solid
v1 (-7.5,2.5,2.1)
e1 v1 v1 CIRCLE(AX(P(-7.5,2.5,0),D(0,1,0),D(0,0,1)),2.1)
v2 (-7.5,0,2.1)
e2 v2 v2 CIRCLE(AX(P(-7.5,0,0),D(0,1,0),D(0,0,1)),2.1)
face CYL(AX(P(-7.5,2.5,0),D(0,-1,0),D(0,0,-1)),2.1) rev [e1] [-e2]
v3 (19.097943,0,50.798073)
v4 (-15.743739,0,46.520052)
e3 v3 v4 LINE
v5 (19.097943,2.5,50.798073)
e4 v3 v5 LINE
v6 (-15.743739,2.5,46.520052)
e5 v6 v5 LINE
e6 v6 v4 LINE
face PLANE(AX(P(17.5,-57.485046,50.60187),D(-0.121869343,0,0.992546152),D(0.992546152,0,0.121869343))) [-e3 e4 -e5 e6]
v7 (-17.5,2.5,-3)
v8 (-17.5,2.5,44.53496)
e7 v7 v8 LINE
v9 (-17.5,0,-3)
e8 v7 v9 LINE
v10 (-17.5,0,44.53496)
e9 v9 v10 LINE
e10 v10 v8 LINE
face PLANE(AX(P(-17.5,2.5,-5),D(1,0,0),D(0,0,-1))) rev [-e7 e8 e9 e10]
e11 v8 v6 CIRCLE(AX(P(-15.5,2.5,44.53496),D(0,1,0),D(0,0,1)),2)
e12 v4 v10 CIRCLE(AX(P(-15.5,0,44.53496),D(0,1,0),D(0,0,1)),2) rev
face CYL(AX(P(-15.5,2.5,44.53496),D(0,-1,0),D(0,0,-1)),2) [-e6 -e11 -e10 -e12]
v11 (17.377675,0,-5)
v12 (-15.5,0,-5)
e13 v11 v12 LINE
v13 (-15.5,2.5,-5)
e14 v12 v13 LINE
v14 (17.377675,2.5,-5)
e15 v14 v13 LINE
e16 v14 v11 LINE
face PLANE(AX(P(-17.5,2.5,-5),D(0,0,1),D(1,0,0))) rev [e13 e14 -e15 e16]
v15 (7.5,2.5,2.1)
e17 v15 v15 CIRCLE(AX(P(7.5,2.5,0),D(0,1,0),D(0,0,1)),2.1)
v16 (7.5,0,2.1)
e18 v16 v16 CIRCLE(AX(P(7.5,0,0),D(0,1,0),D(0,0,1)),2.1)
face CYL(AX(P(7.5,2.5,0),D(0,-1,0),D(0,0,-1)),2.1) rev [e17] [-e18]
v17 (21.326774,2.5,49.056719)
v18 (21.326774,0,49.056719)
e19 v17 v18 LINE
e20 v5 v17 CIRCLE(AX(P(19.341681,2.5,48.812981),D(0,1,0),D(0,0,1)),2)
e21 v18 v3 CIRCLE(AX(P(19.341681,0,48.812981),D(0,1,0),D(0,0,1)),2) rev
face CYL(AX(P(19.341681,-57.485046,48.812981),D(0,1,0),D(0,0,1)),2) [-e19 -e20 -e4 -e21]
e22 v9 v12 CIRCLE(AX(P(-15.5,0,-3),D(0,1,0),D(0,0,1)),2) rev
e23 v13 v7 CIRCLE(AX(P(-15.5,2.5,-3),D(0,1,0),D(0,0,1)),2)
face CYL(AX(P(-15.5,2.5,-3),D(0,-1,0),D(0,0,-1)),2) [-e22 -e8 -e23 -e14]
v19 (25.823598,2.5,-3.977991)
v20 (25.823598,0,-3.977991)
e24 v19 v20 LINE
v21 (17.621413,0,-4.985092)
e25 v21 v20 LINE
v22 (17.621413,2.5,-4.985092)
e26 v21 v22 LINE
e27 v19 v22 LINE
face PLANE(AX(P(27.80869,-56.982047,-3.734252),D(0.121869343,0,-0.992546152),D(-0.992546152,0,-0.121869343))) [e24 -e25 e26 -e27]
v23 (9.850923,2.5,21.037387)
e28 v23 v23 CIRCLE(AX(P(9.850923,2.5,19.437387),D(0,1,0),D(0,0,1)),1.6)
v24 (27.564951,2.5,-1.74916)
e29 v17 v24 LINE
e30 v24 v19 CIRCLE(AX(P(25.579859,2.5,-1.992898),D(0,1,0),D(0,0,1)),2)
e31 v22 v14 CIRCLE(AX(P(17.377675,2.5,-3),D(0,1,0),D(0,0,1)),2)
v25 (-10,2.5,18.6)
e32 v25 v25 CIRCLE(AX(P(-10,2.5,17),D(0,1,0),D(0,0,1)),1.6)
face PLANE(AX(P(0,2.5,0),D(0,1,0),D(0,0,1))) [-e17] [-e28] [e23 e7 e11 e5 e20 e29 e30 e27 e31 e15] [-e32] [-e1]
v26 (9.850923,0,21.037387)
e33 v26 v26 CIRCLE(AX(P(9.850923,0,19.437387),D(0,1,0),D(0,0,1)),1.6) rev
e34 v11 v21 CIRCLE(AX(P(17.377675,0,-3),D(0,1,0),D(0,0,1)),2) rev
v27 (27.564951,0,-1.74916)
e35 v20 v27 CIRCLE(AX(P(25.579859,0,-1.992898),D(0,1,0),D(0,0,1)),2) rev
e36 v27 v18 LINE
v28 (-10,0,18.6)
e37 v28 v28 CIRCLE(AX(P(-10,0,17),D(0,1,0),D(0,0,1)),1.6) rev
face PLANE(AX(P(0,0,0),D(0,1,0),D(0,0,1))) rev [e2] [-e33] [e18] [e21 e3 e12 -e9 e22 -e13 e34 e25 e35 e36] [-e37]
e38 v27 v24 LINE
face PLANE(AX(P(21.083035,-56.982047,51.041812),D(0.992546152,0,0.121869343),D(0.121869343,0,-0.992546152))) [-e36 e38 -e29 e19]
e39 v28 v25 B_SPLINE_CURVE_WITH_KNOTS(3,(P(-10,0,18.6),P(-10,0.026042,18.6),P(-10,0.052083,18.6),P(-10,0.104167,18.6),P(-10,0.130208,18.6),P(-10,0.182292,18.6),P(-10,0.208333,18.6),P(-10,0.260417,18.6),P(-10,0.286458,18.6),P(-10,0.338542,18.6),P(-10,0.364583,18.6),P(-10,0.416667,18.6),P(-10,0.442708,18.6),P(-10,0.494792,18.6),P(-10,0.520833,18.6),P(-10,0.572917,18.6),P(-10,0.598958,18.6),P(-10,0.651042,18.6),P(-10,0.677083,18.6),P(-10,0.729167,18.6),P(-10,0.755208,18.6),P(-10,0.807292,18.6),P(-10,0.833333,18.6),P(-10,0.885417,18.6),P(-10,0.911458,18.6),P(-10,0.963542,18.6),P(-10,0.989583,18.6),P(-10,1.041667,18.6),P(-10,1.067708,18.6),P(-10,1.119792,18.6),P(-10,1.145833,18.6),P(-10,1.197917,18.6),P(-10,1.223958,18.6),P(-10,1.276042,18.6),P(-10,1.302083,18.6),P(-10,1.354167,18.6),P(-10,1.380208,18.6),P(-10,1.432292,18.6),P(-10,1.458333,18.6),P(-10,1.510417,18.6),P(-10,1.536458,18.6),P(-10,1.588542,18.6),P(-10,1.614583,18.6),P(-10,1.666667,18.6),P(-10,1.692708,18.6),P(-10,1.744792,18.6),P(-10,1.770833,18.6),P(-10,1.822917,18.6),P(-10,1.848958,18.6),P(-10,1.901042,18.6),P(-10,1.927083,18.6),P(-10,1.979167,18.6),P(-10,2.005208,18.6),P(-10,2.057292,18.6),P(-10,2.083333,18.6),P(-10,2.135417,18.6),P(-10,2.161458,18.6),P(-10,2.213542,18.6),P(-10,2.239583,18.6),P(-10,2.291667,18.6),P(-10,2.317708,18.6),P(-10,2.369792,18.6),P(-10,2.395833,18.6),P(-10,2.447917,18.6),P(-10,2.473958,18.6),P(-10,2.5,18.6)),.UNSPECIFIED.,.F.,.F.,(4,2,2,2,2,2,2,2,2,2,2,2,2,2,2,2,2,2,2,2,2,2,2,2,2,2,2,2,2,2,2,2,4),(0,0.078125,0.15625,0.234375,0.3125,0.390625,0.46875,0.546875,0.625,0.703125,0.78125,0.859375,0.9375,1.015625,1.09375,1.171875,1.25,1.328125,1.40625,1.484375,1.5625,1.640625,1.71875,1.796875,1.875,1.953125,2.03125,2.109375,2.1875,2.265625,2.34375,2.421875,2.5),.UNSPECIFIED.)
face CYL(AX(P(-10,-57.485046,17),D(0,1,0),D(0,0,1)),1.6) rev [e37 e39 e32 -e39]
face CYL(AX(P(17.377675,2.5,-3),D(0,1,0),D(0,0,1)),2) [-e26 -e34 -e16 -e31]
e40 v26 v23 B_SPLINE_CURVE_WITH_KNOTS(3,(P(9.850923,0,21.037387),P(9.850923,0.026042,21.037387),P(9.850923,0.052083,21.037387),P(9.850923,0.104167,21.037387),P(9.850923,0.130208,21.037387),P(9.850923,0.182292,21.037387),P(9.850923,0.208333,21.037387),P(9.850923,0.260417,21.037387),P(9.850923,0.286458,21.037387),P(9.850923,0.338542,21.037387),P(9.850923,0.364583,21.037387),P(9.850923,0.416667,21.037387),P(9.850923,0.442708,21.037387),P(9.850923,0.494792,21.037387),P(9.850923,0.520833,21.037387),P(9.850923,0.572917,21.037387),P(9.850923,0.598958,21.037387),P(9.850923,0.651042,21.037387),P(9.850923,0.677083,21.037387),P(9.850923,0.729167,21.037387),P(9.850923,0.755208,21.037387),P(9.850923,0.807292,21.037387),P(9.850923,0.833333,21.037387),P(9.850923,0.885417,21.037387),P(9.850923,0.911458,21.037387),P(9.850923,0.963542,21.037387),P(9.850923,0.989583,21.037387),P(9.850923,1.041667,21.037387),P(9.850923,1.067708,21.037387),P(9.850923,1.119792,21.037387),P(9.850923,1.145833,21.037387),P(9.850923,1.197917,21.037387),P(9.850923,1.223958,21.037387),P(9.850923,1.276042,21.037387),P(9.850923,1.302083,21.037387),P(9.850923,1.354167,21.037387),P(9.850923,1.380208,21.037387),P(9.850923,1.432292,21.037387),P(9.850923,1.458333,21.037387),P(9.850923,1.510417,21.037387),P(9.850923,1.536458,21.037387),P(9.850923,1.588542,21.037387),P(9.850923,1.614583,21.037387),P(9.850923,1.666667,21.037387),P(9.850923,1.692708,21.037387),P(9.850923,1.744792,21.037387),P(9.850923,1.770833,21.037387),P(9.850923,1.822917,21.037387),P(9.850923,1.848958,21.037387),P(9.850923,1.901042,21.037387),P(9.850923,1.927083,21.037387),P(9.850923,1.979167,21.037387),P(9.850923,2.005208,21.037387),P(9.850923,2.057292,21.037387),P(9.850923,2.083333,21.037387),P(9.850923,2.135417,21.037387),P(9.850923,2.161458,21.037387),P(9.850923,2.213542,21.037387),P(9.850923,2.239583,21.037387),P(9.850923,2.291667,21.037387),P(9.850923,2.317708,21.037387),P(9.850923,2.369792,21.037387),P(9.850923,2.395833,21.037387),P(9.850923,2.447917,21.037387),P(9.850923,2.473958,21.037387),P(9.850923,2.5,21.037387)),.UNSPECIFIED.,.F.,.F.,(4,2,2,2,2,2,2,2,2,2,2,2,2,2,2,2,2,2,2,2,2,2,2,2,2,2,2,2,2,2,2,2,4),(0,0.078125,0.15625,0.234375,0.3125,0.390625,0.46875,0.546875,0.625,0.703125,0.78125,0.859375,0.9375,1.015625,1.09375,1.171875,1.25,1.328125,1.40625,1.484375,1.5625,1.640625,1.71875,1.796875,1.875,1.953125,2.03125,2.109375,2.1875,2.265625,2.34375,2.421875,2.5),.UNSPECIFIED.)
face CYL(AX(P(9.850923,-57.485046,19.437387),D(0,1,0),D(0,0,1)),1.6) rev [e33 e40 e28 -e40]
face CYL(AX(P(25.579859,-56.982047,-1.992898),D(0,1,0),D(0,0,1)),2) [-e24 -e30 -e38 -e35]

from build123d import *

# Parameters (mm, degrees)
SKETCH_1_W      = 35
SKETCH_1_H      = 10
SKETCH_1_R      = 2.1
EXTRUDE_1_DEPTH = 2.5
SKETCH_3_R      = 1.6
EXTRUDE_2_DEPTH = 2.5
EXTRUDE_3_DEPTH = 2.5
FILLET_1_R      = 2


with BuildPart() as part:
    # 草图1 → 凸台-拉伸1 (new body)
    with BuildSketch(Plane(origin=(0, 0, 0), x_dir=(1, 0, 0), z_dir=(0, 1, 0))):
        Rectangle(SKETCH_1_W, SKETCH_1_H)
        with Locations(Location((-7.5, 0, 0), (0, 0, 270))):
            Circle(SKETCH_1_R, mode=Mode.SUBTRACT)
        with Locations(Location((7.5, 0, 0), (0, 0, 270))):
            Circle(SKETCH_1_R, mode=Mode.SUBTRACT)
    extrude(amount=EXTRUDE_1_DEPTH)

    # 草图3 → 凸台-拉伸2 (add)
    with BuildSketch(Plane(origin=(0, 2.5, 0), x_dir=(1, 0, 0), z_dir=(0, 1, 0))):
        Polygon((-17.5, -5), (17.5, -5), (17.5, -50.601870189), (-17.5, -46.304410557), align=None)
        with Locations(Location((-10, -17, 0), (0, 0, 270))):
            Circle(SKETCH_3_R, mode=Mode.SUBTRACT)
        with Locations(Location((9.850923033, -19.437386868, 0), (0, 0, 270))):
            Circle(SKETCH_3_R, mode=Mode.SUBTRACT)
    extrude(amount=-EXTRUDE_2_DEPTH)

    # 草图4 → 凸台-拉伸3 (add)
    with BuildSketch(Plane(origin=(0, 2.5, 0), x_dir=(1, 0, 0), z_dir=(0, 1, 0))):
        Polygon((21.083035005, -51.041811568), (27.808689923, 3.734252034), (17.5, 5), (17.5, -50.601870189), align=None)
    extrude(amount=-EXTRUDE_3_DEPTH)

    # 圆角1
    fillet_1_edges = [part.edges().sort_by_distance(p)[0] for p in [
        (-17.5, 1.25, 46.304410557),
        (21.083035005, 1.25, 51.041811568),
        (27.808689923, 1.25, -3.734252034),
        (-17.5, 1.25, -5),
        (17.5, 1.25, -5),
    ]]
    fillet(fillet_1_edges, radius=FILLET_1_R)


solid = part.part
